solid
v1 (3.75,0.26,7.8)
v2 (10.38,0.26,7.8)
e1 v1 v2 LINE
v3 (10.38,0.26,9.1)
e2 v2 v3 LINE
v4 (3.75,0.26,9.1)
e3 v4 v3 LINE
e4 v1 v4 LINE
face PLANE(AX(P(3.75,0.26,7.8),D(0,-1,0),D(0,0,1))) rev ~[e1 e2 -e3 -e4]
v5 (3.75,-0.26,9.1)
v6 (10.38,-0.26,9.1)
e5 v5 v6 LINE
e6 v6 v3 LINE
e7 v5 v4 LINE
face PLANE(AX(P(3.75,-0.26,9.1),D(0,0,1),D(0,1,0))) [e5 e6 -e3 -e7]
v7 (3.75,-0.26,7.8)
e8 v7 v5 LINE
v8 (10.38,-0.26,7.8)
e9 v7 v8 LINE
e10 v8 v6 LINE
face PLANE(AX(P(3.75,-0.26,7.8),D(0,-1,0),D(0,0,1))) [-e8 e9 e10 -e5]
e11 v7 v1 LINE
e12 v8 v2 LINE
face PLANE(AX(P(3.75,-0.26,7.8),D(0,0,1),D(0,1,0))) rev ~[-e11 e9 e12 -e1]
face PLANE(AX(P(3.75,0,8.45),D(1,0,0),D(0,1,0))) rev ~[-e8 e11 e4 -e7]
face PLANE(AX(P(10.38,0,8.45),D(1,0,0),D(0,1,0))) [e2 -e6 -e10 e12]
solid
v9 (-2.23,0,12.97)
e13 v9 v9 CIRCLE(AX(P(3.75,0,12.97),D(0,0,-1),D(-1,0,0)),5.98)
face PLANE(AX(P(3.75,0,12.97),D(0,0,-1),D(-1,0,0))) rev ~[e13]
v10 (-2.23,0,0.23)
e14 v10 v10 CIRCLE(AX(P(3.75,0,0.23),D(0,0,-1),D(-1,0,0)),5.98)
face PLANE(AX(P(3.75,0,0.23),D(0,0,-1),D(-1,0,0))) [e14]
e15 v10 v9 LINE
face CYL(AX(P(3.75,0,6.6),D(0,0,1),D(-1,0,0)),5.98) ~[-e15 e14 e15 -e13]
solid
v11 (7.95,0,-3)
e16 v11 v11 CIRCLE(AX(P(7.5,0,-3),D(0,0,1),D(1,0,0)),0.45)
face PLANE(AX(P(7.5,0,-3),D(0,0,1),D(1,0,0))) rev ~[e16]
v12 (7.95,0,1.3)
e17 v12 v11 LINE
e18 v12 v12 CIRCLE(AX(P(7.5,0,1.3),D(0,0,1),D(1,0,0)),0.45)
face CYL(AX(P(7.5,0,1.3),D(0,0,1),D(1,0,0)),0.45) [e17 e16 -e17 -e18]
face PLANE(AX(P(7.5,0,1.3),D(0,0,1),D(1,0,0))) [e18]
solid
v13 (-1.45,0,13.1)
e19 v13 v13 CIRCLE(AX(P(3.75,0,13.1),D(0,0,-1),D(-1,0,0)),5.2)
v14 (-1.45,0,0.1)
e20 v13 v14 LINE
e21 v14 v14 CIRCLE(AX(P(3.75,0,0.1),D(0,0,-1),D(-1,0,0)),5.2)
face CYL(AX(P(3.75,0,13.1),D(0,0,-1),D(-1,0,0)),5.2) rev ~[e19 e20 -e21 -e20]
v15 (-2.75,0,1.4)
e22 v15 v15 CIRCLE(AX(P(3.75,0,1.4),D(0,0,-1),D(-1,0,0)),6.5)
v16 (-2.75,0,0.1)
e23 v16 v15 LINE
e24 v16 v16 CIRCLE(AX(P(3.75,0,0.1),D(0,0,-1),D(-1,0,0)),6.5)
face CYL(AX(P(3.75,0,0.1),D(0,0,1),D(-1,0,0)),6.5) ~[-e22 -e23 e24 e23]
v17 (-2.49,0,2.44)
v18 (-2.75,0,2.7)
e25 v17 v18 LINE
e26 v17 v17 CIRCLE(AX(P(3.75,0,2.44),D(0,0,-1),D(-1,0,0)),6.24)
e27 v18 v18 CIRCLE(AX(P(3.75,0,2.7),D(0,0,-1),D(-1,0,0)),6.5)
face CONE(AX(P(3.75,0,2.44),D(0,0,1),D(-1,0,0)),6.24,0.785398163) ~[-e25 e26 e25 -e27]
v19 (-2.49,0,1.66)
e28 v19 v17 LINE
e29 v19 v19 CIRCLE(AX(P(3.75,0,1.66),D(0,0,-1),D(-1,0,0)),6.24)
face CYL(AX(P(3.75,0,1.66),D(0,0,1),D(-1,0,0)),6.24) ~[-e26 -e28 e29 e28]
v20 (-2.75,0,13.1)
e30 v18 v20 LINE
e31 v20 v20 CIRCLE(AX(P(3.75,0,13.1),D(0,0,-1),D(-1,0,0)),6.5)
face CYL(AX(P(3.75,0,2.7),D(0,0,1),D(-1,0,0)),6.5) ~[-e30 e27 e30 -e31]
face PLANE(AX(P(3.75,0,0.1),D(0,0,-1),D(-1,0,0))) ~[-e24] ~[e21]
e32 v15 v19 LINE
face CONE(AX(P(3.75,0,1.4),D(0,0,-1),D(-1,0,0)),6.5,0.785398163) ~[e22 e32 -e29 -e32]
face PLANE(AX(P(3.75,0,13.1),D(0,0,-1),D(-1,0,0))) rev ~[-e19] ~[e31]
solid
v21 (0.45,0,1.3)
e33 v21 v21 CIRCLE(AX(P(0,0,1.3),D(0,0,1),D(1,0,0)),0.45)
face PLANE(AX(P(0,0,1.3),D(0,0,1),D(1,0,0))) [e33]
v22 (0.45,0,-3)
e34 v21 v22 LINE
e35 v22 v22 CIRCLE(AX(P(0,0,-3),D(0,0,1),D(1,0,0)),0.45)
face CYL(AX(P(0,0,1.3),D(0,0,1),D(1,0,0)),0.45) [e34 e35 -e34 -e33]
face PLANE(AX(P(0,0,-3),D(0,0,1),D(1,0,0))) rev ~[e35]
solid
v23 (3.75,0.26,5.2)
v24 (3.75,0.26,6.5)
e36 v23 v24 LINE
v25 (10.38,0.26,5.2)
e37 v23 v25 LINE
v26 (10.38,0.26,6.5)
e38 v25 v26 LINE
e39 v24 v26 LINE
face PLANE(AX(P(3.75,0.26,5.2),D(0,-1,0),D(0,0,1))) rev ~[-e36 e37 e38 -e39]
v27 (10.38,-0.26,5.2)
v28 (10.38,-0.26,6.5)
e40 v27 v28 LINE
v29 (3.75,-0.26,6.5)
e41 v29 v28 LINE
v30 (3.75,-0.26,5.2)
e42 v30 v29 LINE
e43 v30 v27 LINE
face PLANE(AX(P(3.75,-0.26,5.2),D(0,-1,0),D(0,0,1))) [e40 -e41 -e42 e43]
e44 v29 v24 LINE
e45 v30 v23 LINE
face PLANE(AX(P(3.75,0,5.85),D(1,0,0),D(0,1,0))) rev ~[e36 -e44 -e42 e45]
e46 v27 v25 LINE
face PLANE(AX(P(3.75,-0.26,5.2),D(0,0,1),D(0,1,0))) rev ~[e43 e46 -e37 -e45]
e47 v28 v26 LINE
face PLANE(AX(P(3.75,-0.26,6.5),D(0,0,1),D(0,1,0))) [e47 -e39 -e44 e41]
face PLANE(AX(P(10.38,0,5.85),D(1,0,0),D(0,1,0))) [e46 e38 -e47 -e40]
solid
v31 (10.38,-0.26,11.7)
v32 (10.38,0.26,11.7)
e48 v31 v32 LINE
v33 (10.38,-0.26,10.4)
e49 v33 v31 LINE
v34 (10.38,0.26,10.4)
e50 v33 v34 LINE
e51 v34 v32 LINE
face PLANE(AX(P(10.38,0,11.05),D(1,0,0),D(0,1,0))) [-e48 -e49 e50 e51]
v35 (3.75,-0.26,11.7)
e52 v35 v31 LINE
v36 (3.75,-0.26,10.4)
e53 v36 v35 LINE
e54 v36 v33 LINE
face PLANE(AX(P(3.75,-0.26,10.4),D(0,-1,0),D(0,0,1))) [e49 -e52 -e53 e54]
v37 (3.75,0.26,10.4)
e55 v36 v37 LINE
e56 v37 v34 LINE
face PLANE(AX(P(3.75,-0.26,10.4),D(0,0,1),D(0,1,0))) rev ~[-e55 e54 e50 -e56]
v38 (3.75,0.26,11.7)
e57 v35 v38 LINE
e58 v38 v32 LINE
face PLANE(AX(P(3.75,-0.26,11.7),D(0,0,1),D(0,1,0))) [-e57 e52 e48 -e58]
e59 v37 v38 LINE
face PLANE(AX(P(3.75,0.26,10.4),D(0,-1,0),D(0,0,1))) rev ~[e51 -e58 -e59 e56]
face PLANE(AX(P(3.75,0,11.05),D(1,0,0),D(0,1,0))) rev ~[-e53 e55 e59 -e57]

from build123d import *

# Parameters (mm, degrees)
SKETCH002_W  = 5.98
SKETCH002_H  = 12.74
SKETCH003_R  = 0.45
PAD_DEPTH    = 4.3
SKETCH004_W  = 0.52
SKETCH004_H  = 1.3
PAD001_DEPTH = 6.63


with BuildPart() as revolution:
    # Sketch → Revolution (revolve)
    with BuildSketch(Plane.XZ):
        Polygon((-2.75, 0.1), (-2.75, 1.4), (-2.49, 1.66), (-2.49, 2.44), (-2.75, 2.7), (-2.75, 13.1), (-1.45, 13.1), (-1.45, 0.1), align=None)
    revolve(axis=Axis((3.75, 0, 7.548619), (0, 0, -1)))


with BuildPart() as revolution001:
    # Sketch002 → Revolution001 (revolve)
    with BuildSketch(Plane.XZ):
        with Locations((0.76, 6.6)):
            Rectangle(SKETCH002_W, SKETCH002_H)
    revolve(axis=Axis((3.75, 0, 4.680116), (0, 0, -1)))


with BuildPart() as pad:
    # Sketch003 → Pad (new body)
    with BuildSketch(Plane.XY.offset(1.3)):
        Circle(SKETCH003_R)
        with Locations((7.5, 0)):
            Circle(SKETCH003_R)
    extrude(amount=-PAD_DEPTH)


with BuildPart() as pad001:
    # Sketch004 → Pad001 (new body)
    with BuildSketch(Plane.YZ.offset(3.75)):
        with Locations((0, 5.85)):
            Rectangle(SKETCH004_W, SKETCH004_H)
        with Locations((0, 8.45)):
            Rectangle(SKETCH004_W, SKETCH004_H)
        with Locations((0, 11.05)):
            Rectangle(SKETCH004_W, SKETCH004_H)
    extrude(amount=PAD001_DEPTH)


solid = Compound([revolution.part, revolution001.part, pad.part, pad001.part])
